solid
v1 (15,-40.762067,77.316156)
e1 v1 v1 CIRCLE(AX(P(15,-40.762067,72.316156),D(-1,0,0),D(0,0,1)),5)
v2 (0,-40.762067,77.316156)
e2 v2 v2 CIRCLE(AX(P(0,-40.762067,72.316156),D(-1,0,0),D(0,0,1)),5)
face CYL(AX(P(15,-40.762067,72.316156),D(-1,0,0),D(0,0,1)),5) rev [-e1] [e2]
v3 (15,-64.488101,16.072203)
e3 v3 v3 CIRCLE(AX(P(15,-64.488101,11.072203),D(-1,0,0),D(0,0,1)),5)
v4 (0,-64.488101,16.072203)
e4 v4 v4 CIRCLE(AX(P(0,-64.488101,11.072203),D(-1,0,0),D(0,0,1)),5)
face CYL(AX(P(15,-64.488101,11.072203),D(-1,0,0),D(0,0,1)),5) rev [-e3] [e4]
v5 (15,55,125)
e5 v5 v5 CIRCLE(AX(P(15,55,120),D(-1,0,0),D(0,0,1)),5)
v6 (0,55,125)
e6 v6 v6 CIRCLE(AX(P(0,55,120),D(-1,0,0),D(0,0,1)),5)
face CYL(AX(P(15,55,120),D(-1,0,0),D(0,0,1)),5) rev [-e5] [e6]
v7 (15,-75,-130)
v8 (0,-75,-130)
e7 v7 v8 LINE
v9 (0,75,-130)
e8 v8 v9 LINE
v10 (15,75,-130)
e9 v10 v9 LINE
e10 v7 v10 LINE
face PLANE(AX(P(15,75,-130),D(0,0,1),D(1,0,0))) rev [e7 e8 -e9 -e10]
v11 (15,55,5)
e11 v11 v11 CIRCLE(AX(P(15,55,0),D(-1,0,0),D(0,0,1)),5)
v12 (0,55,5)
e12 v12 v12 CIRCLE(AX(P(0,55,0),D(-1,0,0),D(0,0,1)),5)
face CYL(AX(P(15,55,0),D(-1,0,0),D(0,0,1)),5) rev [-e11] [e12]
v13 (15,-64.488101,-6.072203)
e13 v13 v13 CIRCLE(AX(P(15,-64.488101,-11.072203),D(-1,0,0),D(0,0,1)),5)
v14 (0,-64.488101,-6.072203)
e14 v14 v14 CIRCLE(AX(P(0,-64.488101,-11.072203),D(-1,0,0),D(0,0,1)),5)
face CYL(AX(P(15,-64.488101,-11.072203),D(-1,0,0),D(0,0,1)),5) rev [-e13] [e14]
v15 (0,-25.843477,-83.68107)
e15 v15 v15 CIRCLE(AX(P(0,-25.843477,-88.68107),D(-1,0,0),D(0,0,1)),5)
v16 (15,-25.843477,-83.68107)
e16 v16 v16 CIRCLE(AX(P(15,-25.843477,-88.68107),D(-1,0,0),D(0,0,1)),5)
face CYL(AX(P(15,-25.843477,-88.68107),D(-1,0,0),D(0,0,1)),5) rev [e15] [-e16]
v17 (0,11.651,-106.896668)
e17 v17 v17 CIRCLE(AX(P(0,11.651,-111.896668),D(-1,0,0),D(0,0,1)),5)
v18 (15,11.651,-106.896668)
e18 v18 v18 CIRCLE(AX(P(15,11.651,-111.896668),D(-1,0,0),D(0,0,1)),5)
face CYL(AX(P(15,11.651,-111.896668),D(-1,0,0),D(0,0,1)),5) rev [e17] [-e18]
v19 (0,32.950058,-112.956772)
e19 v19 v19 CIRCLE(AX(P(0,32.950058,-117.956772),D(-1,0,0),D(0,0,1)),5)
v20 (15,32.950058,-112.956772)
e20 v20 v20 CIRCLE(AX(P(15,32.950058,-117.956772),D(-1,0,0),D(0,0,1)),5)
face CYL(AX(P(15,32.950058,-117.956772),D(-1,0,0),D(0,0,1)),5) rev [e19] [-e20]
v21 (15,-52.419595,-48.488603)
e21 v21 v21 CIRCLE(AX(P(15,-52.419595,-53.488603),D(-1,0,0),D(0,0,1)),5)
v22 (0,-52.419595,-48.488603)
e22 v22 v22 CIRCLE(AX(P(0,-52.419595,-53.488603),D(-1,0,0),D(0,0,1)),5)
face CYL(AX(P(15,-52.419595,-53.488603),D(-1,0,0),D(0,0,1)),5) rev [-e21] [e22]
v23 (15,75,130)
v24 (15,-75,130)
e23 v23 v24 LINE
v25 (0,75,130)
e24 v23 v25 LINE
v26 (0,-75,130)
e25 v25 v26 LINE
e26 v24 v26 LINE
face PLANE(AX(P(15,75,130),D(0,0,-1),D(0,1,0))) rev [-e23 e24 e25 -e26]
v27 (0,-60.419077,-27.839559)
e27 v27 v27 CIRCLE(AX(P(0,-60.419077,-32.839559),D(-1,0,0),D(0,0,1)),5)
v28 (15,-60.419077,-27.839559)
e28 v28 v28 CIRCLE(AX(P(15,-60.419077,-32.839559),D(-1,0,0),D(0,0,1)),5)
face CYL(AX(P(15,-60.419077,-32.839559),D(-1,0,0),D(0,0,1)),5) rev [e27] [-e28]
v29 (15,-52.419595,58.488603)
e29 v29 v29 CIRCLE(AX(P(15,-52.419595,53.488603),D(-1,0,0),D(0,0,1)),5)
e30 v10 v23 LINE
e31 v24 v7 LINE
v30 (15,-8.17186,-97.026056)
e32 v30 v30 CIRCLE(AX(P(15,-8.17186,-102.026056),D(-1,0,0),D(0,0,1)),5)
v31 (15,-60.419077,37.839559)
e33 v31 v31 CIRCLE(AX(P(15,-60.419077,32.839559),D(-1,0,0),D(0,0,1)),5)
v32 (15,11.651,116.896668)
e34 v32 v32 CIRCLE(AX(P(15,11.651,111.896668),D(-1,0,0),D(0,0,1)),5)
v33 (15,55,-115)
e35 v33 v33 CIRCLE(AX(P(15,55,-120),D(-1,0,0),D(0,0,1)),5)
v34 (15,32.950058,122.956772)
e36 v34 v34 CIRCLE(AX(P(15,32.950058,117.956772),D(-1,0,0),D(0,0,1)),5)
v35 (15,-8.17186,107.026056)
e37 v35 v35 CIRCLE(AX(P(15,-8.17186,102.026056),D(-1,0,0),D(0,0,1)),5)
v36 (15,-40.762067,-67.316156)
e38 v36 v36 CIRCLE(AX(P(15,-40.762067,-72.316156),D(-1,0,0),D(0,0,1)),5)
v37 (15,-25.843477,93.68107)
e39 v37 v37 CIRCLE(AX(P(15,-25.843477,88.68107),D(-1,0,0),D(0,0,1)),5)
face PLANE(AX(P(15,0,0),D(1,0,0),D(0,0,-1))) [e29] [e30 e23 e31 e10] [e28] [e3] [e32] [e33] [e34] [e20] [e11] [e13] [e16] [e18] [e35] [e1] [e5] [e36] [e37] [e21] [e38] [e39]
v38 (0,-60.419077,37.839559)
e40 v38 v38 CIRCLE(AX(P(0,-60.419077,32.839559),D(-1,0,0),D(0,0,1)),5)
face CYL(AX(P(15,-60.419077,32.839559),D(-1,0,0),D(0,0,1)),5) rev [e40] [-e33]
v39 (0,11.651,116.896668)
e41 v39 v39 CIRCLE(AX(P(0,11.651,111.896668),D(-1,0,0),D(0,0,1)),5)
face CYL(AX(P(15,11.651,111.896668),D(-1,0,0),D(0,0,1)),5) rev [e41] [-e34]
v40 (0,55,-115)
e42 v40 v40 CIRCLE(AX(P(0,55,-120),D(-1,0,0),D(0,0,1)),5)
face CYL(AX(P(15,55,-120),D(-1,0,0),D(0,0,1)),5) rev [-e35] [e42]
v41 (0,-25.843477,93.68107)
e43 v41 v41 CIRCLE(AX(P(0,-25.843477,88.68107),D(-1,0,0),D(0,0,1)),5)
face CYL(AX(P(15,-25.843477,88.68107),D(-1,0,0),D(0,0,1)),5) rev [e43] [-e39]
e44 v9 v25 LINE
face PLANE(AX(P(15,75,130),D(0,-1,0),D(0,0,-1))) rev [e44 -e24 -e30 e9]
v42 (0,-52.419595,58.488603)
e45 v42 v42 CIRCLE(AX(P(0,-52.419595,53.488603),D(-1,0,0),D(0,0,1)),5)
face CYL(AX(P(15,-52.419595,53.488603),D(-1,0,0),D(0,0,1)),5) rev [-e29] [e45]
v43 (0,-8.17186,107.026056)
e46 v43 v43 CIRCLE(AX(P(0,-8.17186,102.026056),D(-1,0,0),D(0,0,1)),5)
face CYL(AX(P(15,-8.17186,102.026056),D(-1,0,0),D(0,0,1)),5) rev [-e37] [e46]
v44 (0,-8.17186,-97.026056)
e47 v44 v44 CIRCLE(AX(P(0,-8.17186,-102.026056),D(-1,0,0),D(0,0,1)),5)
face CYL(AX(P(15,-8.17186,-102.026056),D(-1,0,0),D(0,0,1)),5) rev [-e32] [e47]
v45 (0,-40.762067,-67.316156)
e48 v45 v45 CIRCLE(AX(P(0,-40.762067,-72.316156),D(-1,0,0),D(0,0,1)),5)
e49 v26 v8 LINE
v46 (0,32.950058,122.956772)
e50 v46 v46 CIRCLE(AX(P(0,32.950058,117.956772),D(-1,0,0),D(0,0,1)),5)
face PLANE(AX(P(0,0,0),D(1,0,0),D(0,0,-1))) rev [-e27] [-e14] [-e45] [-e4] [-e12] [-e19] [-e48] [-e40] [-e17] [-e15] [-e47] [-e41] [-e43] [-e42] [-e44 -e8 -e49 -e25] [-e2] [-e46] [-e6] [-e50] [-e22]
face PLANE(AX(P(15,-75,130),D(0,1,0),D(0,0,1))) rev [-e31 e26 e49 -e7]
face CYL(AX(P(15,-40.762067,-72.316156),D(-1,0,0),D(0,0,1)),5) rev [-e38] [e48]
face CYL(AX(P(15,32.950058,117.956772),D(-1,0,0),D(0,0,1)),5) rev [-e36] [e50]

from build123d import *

# Parameters (mm, degrees)
SKETCH1_W           = 260
SKETCH1_H           = 150
BOSS_EXTRUDE1_DEPTH = 15
SKETCH3_R           = 5
CUT_EXTRUDE1_DEPTH  = 16
SKETCH4_R           = 5
CUT_EXTRUDE2_DEPTH  = 16


with BuildPart() as part:
    # Sketch1 → Boss-Extrude1 (new body)
    with BuildSketch(Plane(origin=(0, 0, 0), x_dir=(0, 0, -1), z_dir=(1, 0, 0))):
        Rectangle(SKETCH1_W, SKETCH1_H)
    extrude(amount=BOSS_EXTRUDE1_DEPTH)

    # Sketch3 → Cut-Extrude1 (cut, through all)
    with BuildSketch(Plane.ZY):
        with Locations((0, 55)):
            Circle(SKETCH3_R)
    extrude(amount=-CUT_EXTRUDE1_DEPTH, mode=Mode.SUBTRACT)

    # Sketch4 → Cut-Extrude2 (cut, through all)
    with BuildSketch(Plane.ZY):
        with Locations((-120, 55)):
            Circle(SKETCH4_R)
        with Locations((-117.956771962, 32.950057862)):
            Circle(SKETCH4_R)
        with Locations((-111.896667529, 11.651000058)):
            Circle(SKETCH4_R)
        with Locations((-102.026056288, -8.171859545)):
            Circle(SKETCH4_R)
        with Locations((-88.681070066, -25.843477238)):
            Circle(SKETCH4_R)
        with Locations((-72.316156366, -40.762067274)):
            Circle(SKETCH4_R)
        with Locations((-53.488602693, -52.419594963)):
            Circle(SKETCH4_R)
        with Locations((-32.839558809, -60.419077181)):
            Circle(SKETCH4_R)
        with Locations((-11.072203136, -64.488101155)):
            Circle(SKETCH4_R)
        with Locations((11.072203136, -64.488101155)):
            Circle(SKETCH4_R)
        with Locations((32.839558809, -60.419077181)):
            Circle(SKETCH4_R)
        with Locations((53.488602693, -52.419594963)):
            Circle(SKETCH4_R)
        with Locations((72.316156366, -40.762067274)):
            Circle(SKETCH4_R)
        with Locations((88.681070066, -25.843477238)):
            Circle(SKETCH4_R)
        with Locations((102.026056288, -8.171859545)):
            Circle(SKETCH4_R)
        with Locations((111.896667529, 11.651000058)):
            Circle(SKETCH4_R)
        with Locations((117.956771962, 32.950057862)):
            Circle(SKETCH4_R)
        with Locations((120, 55)):
            Circle(SKETCH4_R)
    extrude(amount=-CUT_EXTRUDE2_DEPTH, mode=Mode.SUBTRACT)


solid = part.part
